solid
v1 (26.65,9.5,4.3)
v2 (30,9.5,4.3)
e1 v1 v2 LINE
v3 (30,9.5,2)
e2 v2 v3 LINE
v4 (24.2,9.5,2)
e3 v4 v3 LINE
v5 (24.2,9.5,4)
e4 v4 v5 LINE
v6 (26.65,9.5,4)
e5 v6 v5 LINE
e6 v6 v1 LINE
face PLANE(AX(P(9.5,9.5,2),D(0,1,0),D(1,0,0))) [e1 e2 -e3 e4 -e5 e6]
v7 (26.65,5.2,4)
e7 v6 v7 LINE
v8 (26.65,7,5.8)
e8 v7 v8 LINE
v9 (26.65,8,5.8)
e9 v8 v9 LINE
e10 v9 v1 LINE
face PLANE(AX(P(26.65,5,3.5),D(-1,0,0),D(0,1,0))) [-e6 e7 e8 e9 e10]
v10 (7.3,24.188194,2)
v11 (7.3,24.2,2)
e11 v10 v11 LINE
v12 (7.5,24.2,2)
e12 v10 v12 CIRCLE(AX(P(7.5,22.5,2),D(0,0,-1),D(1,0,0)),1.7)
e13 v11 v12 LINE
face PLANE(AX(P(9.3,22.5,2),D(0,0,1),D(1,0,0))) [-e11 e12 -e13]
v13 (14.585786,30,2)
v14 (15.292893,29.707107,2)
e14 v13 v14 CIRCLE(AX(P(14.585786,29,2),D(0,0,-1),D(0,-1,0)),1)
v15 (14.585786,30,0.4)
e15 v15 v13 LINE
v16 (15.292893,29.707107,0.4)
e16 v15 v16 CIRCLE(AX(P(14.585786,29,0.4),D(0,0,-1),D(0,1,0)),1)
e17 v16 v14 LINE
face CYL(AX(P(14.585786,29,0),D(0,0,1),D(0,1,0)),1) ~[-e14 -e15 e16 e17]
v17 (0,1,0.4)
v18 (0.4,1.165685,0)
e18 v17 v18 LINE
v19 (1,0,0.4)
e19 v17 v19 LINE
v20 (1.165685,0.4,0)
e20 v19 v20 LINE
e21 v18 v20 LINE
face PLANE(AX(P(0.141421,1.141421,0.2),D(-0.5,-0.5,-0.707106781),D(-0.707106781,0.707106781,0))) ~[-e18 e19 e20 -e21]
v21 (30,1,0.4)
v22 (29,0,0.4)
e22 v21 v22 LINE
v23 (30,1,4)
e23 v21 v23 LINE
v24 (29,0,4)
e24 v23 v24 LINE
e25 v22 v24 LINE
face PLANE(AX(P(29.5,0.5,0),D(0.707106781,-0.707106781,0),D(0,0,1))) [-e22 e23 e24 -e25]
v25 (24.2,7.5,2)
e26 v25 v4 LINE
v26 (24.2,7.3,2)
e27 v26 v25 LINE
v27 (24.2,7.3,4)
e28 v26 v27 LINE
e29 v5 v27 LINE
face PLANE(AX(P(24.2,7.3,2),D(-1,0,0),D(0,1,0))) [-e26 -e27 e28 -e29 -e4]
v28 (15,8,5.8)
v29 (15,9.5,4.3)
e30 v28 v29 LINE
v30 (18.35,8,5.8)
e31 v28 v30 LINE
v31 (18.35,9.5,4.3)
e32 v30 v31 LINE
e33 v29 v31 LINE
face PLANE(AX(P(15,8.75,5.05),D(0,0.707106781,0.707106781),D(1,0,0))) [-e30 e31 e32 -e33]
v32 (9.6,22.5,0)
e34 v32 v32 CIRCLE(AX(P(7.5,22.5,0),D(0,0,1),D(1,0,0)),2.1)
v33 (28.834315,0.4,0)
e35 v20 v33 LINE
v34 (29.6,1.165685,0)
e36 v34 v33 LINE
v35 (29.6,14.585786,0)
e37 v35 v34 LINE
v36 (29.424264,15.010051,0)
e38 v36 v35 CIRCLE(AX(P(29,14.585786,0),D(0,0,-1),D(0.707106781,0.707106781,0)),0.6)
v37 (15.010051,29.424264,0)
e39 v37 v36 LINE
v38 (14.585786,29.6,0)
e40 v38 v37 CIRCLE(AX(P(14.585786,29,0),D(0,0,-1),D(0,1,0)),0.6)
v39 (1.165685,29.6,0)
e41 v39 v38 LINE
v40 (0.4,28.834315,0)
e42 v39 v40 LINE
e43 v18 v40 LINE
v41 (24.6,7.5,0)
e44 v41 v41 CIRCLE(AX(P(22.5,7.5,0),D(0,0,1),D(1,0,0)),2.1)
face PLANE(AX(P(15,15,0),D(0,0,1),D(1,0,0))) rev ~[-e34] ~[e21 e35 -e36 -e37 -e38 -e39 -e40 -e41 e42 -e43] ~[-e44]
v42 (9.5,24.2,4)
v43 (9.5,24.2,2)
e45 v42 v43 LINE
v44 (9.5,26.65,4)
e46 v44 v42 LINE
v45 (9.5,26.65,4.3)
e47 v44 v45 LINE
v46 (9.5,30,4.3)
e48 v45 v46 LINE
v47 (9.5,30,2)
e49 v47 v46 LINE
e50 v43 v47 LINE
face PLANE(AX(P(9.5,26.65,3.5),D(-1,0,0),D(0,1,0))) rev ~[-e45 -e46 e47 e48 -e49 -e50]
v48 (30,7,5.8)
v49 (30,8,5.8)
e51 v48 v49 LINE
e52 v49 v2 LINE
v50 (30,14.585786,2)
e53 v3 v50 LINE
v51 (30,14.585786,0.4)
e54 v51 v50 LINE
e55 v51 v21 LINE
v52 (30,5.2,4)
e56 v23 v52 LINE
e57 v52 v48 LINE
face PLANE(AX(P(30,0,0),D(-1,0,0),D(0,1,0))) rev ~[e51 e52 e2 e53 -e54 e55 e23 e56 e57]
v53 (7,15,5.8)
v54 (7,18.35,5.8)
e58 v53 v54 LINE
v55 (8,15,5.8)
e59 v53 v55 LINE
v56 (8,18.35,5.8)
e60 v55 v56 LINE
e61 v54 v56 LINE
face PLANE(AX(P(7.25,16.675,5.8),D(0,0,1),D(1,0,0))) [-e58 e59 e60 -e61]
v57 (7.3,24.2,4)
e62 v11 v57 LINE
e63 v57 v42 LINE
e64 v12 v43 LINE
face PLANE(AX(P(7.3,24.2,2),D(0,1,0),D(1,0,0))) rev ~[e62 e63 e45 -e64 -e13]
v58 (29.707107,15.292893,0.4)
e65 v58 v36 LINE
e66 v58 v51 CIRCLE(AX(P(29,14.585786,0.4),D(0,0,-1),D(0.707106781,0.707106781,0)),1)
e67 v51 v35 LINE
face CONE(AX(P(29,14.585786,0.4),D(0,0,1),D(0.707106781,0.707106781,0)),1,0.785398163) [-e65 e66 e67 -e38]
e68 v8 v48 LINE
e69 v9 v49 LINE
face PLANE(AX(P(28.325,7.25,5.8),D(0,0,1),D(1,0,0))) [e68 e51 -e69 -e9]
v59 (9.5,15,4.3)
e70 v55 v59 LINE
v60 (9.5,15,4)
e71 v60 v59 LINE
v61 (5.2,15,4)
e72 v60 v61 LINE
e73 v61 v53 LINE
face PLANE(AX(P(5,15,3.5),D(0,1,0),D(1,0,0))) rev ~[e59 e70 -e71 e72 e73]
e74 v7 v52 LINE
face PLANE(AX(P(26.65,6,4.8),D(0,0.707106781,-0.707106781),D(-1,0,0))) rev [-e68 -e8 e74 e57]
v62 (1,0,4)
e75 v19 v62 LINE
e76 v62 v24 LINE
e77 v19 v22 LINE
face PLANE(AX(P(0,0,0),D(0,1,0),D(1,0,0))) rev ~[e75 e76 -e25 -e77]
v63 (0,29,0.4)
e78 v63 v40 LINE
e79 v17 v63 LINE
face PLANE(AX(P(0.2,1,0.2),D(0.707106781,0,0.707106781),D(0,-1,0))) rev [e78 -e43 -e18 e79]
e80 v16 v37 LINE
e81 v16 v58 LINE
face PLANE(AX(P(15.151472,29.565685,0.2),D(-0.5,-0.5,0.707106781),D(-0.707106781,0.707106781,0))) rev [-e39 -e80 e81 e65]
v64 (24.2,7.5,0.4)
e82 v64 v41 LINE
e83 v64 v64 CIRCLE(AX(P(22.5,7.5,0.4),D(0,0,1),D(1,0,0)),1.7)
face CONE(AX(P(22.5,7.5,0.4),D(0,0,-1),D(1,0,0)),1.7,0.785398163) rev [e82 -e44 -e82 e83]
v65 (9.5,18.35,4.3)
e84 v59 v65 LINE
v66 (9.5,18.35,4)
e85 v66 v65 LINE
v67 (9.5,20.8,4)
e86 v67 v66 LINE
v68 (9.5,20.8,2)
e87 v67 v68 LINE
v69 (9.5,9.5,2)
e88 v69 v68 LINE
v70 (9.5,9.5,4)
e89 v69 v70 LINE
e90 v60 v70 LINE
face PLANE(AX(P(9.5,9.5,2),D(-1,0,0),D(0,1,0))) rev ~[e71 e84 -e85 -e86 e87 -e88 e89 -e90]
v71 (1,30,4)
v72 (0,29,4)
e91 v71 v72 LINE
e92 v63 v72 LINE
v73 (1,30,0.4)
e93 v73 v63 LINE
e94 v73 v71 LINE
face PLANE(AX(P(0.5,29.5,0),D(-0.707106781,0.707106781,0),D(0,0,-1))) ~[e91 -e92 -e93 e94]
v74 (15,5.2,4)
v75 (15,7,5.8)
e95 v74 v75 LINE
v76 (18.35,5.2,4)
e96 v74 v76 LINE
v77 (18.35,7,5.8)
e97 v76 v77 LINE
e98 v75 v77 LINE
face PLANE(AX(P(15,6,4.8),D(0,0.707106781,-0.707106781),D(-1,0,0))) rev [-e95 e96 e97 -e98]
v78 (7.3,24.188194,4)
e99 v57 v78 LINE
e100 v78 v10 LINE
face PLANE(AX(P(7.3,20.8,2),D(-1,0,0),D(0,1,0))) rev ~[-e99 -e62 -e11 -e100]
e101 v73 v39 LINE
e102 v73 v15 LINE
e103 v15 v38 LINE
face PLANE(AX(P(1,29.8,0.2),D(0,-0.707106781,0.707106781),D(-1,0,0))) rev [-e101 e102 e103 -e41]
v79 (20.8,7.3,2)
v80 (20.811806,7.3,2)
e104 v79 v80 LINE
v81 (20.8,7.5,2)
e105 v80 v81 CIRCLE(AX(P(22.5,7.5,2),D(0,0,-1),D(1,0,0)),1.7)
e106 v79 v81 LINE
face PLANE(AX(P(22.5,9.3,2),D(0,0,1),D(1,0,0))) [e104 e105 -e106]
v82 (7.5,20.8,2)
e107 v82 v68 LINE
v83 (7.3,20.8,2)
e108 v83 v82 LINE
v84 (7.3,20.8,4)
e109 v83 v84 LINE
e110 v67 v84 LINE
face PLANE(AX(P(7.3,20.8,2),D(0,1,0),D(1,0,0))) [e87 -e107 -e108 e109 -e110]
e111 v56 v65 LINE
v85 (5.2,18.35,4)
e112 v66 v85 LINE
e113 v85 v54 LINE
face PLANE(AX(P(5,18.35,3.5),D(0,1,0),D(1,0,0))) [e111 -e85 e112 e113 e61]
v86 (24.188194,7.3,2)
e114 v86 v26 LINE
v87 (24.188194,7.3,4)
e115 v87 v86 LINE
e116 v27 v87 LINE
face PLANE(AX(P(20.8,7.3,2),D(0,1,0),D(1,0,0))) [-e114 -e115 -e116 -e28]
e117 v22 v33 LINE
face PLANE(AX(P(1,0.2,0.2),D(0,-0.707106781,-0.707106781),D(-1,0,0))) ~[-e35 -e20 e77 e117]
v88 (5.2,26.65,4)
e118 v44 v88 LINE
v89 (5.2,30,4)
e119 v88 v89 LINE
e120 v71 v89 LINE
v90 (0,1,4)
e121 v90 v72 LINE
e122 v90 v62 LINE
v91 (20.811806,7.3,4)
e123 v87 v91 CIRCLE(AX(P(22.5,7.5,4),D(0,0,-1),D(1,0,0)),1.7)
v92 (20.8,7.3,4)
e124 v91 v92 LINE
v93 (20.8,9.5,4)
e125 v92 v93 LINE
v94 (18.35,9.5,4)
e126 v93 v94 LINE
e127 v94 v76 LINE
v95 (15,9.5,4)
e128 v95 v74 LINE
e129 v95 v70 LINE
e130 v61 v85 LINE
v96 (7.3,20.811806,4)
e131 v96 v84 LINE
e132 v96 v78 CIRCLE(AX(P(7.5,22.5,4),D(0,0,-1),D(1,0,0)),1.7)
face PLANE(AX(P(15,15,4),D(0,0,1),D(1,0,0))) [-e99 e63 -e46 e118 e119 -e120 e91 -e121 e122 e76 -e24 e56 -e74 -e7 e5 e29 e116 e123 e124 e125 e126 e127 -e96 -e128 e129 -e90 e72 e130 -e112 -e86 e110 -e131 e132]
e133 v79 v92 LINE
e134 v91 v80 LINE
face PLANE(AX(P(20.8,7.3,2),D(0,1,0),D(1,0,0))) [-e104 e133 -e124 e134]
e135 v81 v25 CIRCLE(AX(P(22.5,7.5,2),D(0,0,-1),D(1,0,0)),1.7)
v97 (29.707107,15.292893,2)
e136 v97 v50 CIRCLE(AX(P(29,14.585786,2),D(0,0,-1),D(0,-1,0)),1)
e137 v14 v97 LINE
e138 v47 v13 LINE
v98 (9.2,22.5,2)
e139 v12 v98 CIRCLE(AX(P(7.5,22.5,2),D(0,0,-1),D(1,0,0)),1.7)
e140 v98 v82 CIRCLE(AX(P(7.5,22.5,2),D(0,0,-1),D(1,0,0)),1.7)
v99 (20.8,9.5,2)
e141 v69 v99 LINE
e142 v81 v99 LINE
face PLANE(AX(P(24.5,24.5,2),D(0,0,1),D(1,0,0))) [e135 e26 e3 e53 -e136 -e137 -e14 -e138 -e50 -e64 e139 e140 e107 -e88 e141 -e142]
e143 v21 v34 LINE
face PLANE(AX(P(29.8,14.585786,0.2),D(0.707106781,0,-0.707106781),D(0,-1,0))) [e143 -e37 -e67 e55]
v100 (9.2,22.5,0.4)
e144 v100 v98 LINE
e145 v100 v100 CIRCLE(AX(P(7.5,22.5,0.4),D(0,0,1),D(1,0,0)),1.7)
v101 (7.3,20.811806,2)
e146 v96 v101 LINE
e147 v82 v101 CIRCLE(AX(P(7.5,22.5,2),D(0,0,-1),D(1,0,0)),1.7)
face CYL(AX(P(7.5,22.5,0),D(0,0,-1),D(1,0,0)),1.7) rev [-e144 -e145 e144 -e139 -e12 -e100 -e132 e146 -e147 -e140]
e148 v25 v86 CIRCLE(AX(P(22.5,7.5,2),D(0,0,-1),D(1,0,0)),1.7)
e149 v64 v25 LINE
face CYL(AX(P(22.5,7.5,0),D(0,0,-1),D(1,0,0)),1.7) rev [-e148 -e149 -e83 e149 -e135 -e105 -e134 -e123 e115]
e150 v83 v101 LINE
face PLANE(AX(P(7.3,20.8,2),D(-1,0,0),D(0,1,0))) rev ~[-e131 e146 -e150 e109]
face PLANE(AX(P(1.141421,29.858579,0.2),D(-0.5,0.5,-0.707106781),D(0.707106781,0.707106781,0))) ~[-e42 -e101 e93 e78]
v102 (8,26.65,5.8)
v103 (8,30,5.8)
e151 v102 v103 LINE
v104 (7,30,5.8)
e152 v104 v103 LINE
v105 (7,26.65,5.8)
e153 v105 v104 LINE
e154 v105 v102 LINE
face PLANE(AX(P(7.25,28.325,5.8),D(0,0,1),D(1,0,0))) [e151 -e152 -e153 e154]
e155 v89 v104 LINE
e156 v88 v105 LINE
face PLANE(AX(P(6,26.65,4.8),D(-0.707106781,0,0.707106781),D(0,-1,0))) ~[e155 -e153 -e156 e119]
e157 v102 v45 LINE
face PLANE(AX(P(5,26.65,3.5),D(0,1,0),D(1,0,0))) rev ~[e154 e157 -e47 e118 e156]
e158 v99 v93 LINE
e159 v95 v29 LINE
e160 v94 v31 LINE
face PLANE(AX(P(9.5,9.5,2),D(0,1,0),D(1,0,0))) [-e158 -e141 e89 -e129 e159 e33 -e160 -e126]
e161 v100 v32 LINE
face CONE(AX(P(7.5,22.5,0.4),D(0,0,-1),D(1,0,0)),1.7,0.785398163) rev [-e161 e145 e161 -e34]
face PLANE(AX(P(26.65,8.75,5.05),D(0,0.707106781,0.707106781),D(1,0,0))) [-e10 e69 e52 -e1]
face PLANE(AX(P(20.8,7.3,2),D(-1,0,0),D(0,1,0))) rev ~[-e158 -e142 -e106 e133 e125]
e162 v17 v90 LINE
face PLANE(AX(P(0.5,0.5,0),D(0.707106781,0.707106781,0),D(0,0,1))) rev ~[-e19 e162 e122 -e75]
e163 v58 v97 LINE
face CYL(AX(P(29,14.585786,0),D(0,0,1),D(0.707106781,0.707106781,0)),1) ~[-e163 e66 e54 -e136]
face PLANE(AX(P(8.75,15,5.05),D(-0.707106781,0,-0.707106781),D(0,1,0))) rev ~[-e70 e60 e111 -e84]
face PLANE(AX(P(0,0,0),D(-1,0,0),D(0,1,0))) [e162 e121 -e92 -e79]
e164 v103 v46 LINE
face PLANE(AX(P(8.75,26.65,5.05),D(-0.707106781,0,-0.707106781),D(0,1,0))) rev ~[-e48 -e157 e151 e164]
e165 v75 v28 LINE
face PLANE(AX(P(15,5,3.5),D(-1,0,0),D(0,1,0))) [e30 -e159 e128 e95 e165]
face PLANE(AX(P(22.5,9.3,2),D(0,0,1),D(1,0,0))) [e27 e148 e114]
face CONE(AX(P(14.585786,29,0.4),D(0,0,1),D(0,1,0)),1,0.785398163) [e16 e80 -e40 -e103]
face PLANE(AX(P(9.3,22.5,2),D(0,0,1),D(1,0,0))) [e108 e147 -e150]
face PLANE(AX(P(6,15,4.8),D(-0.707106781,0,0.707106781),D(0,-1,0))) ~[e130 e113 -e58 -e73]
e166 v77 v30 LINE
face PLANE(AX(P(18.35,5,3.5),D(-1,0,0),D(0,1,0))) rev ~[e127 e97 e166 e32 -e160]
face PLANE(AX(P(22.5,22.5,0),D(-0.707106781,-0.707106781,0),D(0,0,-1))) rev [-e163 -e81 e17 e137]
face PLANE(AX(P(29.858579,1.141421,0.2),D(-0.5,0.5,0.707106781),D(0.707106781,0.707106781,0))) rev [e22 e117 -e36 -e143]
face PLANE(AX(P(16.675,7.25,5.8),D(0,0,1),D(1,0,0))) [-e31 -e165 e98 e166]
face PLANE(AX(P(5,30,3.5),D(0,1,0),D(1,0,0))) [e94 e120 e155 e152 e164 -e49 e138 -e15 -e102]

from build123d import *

# Parameters (mm, degrees)
BOX002031_W              = 4.5
BOX002031_H              = 3.35
BOX002031_DEPTH          = 2.3
BOX002033_W              = 3.35
BOX002033_H              = 4.5
BOX002033_DEPTH          = 2.3
BOX002032_W              = 3.35
BOX002032_H              = 4.5
BOX002032_DEPTH          = 2.3
BOX002030_W              = 4.5
BOX002030_H              = 3.35
BOX002030_DEPTH          = 2.3
CHAMFER012008025003_SIZE = 2
CHAMFER012008025004_SIZE = 1.5
BOX002020_W              = 3.4
BOX002020_H              = 4
BOX002020_DEPTH          = 10
CYLINDER041_R            = 1.7
CYLINDER041_DEPTH        = 10
BOX002021_W              = 4
BOX002021_H              = 3.4
BOX002021_DEPTH          = 10
CYLINDER040_R            = 1.7
CYLINDER040_DEPTH        = 10
BOX002019_W              = 30
BOX002019_H              = 30
BOX002019_DEPTH          = 4
BOX002018_W              = 30
BOX002018_H              = 30
BOX002018_DEPTH          = 4
CHAMFER012002_SIZE       = 15
CHAMFER012003_SIZE       = 1
FILLET001_R              = 1
CHAMFER012004_SIZE       = 0.4


with BuildPart() as cube033:
    # Box002031 → Box002031 (new body)
    with BuildSketch(Plane(origin=(5, 15, 3.5), x_dir=(1, 0, 0), z_dir=(0, 0, 1))):
        with Locations((2.25, 1.675)):
            Rectangle(BOX002031_W, BOX002031_H)
    extrude(amount=BOX002031_DEPTH)


with BuildPart() as cube035:
    # Box002033 → Box002033 (new body)
    with BuildSketch(Plane(origin=(15, 5, 3.5), x_dir=(1, 0, 0), z_dir=(0, 0, 1))):
        with Locations((1.675, 2.25)):
            Rectangle(BOX002033_W, BOX002033_H)
    extrude(amount=BOX002033_DEPTH)


with BuildPart() as cube034:
    # Box002032 → Box002032 (new body)
    with BuildSketch(Plane(origin=(26.65, 5, 3.5), x_dir=(1, 0, 0), z_dir=(0, 0, 1))):
        with Locations((1.675, 2.25)):
            Rectangle(BOX002032_W, BOX002032_H)
    extrude(amount=BOX002032_DEPTH)


with BuildPart() as chamfer012008025004:
    # Box002030 → Box002030 (new body)
    with BuildSketch(Plane(origin=(5, 26.65, 3.5), x_dir=(1, 0, 0), z_dir=(0, 0, 1))):
        with Locations((2.25, 1.675)):
            Rectangle(BOX002030_W, BOX002030_H)
    extrude(amount=BOX002030_DEPTH)

    # Fusion025019011007: union Cube033, Cube035, Cube034
    add(cube033.part)
    add(cube035.part)
    add(cube034.part)

    # Chamfer012008025003
    chamfer012008025003_edges = [chamfer012008025004.edges().sort_by_distance(p)[0] for p in [
        (5, 28.325, 5.8),
        (5, 16.675, 5.8),
        (16.675, 5, 5.8),
        (28.325, 5, 5.8),
    ]]
    chamfer(chamfer012008025003_edges, length=CHAMFER012008025003_SIZE)

    # Chamfer012008025004
    chamfer012008025004_edges = [chamfer012008025004.edges().sort_by_distance(p)[0] for p in [
        (9.5, 28.325, 5.8),
        (9.5, 16.675, 5.8),
        (16.675, 9.5, 5.8),
        (28.325, 9.5, 5.8),
    ]]
    chamfer(chamfer012008025004_edges, length=CHAMFER012008025004_SIZE)


with BuildPart() as cube022:
    # Box002020 → Box002020 (new body)
    with BuildSketch(Plane(origin=(20.8, 7.3, 2), x_dir=(1, 0, 0), z_dir=(0, 0, 1))):
        with Locations((1.7, 2)):
            Rectangle(BOX002020_W, BOX002020_H)
    extrude(amount=BOX002020_DEPTH)


with BuildPart() as fusion025008:
    # Cylinder041 → Cylinder041 (new body)
    with BuildSketch(Plane(origin=(22.5, 7.5, 0), x_dir=(1, 0, 0), z_dir=(0, 0, 1))):
        Circle(CYLINDER041_R)
    extrude(amount=CYLINDER041_DEPTH)

    # Fusion025008: union Cube022
    add(cube022.part)


with BuildPart() as cube023:
    # Box002021 → Box002021 (new body)
    with BuildSketch(Plane(origin=(7.3, 20.8, 2), x_dir=(1, 0, 0), z_dir=(0, 0, 1))):
        with Locations((2, 1.7)):
            Rectangle(BOX002021_W, BOX002021_H)
    extrude(amount=BOX002021_DEPTH)


with BuildPart() as fusion025009:
    # Cylinder040 → Cylinder040 (new body)
    with BuildSketch(Plane(origin=(7.5, 22.5, 0), x_dir=(1, 0, 0), z_dir=(0, 0, 1))):
        Circle(CYLINDER040_R)
    extrude(amount=CYLINDER040_DEPTH)

    # Fusion025007: union Cube023
    add(cube023.part)

    # Fusion025009: union Fusion025008
    add(fusion025008.part)


with BuildPart() as cube021:
    # Box002019 → Box002019 (new body)
    with BuildSketch(Plane(origin=(9.5, 9.5, 2), x_dir=(1, 0, 0), z_dir=(0, 0, 1))):
        with Locations((15, 15)):
            Rectangle(BOX002019_W, BOX002019_H)
    extrude(amount=BOX002019_DEPTH)


with BuildPart() as corner_join_f1:
    # Box002018 → Box002018 (new body)
    with BuildSketch(Plane.XY):
        with Locations((15, 15)):
            Rectangle(BOX002018_W, BOX002018_H)
    extrude(amount=BOX002018_DEPTH)

    # Cut001039: cut Cube021
    add(cube021.part, mode=Mode.SUBTRACT)

    # Chamfer012002
    chamfer012002_edges = [corner_join_f1.edges().sort_by_distance(p)[0] for p in [
        (30, 30, 1),
    ]]
    chamfer(chamfer012002_edges, length=CHAMFER012002_SIZE)

    # Chamfer012003
    chamfer012003_edges = [corner_join_f1.edges().sort_by_distance(p)[0] for p in [
        (0, 30, 2),
        (0, 0, 2),
        (30, 0, 2),
    ]]
    chamfer(chamfer012003_edges, length=CHAMFER012003_SIZE)

    # Fillet001
    fillet001_edges = [corner_join_f1.edges().sort_by_distance(p)[0] for p in [
        (15, 30, 1),
        (30, 15, 1),
    ]]
    fillet(fillet001_edges, radius=FILLET001_R)

    # Cut001040: cut Fusion025009
    add(fusion025009.part, mode=Mode.SUBTRACT)

    # Chamfer012004
    chamfer012004_edges = [corner_join_f1.edges().sort_by_distance(p)[0] for p in [
        (7.792893, 30, 0),
        (14.96847, 29.92388, 0),
        (0.5, 29.5, 0),
        (22.5, 22.5, 0),
        (0, 15, 0),
        (29.92388, 14.96847, 0),
        (0.5, 0.5, 0),
        (30, 7.792893, 0),
        (15, 0, 0),
        (29.5, 0.5, 0),
        (5.8, 22.5, 0),
        (20.8, 7.5, 0),
    ]]
    chamfer(chamfer012004_edges, length=CHAMFER012004_SIZE)

    # Fusion025019011008: union Chamfer012008025004
    add(chamfer012008025004.part)


solid = corner_join_f1.part
